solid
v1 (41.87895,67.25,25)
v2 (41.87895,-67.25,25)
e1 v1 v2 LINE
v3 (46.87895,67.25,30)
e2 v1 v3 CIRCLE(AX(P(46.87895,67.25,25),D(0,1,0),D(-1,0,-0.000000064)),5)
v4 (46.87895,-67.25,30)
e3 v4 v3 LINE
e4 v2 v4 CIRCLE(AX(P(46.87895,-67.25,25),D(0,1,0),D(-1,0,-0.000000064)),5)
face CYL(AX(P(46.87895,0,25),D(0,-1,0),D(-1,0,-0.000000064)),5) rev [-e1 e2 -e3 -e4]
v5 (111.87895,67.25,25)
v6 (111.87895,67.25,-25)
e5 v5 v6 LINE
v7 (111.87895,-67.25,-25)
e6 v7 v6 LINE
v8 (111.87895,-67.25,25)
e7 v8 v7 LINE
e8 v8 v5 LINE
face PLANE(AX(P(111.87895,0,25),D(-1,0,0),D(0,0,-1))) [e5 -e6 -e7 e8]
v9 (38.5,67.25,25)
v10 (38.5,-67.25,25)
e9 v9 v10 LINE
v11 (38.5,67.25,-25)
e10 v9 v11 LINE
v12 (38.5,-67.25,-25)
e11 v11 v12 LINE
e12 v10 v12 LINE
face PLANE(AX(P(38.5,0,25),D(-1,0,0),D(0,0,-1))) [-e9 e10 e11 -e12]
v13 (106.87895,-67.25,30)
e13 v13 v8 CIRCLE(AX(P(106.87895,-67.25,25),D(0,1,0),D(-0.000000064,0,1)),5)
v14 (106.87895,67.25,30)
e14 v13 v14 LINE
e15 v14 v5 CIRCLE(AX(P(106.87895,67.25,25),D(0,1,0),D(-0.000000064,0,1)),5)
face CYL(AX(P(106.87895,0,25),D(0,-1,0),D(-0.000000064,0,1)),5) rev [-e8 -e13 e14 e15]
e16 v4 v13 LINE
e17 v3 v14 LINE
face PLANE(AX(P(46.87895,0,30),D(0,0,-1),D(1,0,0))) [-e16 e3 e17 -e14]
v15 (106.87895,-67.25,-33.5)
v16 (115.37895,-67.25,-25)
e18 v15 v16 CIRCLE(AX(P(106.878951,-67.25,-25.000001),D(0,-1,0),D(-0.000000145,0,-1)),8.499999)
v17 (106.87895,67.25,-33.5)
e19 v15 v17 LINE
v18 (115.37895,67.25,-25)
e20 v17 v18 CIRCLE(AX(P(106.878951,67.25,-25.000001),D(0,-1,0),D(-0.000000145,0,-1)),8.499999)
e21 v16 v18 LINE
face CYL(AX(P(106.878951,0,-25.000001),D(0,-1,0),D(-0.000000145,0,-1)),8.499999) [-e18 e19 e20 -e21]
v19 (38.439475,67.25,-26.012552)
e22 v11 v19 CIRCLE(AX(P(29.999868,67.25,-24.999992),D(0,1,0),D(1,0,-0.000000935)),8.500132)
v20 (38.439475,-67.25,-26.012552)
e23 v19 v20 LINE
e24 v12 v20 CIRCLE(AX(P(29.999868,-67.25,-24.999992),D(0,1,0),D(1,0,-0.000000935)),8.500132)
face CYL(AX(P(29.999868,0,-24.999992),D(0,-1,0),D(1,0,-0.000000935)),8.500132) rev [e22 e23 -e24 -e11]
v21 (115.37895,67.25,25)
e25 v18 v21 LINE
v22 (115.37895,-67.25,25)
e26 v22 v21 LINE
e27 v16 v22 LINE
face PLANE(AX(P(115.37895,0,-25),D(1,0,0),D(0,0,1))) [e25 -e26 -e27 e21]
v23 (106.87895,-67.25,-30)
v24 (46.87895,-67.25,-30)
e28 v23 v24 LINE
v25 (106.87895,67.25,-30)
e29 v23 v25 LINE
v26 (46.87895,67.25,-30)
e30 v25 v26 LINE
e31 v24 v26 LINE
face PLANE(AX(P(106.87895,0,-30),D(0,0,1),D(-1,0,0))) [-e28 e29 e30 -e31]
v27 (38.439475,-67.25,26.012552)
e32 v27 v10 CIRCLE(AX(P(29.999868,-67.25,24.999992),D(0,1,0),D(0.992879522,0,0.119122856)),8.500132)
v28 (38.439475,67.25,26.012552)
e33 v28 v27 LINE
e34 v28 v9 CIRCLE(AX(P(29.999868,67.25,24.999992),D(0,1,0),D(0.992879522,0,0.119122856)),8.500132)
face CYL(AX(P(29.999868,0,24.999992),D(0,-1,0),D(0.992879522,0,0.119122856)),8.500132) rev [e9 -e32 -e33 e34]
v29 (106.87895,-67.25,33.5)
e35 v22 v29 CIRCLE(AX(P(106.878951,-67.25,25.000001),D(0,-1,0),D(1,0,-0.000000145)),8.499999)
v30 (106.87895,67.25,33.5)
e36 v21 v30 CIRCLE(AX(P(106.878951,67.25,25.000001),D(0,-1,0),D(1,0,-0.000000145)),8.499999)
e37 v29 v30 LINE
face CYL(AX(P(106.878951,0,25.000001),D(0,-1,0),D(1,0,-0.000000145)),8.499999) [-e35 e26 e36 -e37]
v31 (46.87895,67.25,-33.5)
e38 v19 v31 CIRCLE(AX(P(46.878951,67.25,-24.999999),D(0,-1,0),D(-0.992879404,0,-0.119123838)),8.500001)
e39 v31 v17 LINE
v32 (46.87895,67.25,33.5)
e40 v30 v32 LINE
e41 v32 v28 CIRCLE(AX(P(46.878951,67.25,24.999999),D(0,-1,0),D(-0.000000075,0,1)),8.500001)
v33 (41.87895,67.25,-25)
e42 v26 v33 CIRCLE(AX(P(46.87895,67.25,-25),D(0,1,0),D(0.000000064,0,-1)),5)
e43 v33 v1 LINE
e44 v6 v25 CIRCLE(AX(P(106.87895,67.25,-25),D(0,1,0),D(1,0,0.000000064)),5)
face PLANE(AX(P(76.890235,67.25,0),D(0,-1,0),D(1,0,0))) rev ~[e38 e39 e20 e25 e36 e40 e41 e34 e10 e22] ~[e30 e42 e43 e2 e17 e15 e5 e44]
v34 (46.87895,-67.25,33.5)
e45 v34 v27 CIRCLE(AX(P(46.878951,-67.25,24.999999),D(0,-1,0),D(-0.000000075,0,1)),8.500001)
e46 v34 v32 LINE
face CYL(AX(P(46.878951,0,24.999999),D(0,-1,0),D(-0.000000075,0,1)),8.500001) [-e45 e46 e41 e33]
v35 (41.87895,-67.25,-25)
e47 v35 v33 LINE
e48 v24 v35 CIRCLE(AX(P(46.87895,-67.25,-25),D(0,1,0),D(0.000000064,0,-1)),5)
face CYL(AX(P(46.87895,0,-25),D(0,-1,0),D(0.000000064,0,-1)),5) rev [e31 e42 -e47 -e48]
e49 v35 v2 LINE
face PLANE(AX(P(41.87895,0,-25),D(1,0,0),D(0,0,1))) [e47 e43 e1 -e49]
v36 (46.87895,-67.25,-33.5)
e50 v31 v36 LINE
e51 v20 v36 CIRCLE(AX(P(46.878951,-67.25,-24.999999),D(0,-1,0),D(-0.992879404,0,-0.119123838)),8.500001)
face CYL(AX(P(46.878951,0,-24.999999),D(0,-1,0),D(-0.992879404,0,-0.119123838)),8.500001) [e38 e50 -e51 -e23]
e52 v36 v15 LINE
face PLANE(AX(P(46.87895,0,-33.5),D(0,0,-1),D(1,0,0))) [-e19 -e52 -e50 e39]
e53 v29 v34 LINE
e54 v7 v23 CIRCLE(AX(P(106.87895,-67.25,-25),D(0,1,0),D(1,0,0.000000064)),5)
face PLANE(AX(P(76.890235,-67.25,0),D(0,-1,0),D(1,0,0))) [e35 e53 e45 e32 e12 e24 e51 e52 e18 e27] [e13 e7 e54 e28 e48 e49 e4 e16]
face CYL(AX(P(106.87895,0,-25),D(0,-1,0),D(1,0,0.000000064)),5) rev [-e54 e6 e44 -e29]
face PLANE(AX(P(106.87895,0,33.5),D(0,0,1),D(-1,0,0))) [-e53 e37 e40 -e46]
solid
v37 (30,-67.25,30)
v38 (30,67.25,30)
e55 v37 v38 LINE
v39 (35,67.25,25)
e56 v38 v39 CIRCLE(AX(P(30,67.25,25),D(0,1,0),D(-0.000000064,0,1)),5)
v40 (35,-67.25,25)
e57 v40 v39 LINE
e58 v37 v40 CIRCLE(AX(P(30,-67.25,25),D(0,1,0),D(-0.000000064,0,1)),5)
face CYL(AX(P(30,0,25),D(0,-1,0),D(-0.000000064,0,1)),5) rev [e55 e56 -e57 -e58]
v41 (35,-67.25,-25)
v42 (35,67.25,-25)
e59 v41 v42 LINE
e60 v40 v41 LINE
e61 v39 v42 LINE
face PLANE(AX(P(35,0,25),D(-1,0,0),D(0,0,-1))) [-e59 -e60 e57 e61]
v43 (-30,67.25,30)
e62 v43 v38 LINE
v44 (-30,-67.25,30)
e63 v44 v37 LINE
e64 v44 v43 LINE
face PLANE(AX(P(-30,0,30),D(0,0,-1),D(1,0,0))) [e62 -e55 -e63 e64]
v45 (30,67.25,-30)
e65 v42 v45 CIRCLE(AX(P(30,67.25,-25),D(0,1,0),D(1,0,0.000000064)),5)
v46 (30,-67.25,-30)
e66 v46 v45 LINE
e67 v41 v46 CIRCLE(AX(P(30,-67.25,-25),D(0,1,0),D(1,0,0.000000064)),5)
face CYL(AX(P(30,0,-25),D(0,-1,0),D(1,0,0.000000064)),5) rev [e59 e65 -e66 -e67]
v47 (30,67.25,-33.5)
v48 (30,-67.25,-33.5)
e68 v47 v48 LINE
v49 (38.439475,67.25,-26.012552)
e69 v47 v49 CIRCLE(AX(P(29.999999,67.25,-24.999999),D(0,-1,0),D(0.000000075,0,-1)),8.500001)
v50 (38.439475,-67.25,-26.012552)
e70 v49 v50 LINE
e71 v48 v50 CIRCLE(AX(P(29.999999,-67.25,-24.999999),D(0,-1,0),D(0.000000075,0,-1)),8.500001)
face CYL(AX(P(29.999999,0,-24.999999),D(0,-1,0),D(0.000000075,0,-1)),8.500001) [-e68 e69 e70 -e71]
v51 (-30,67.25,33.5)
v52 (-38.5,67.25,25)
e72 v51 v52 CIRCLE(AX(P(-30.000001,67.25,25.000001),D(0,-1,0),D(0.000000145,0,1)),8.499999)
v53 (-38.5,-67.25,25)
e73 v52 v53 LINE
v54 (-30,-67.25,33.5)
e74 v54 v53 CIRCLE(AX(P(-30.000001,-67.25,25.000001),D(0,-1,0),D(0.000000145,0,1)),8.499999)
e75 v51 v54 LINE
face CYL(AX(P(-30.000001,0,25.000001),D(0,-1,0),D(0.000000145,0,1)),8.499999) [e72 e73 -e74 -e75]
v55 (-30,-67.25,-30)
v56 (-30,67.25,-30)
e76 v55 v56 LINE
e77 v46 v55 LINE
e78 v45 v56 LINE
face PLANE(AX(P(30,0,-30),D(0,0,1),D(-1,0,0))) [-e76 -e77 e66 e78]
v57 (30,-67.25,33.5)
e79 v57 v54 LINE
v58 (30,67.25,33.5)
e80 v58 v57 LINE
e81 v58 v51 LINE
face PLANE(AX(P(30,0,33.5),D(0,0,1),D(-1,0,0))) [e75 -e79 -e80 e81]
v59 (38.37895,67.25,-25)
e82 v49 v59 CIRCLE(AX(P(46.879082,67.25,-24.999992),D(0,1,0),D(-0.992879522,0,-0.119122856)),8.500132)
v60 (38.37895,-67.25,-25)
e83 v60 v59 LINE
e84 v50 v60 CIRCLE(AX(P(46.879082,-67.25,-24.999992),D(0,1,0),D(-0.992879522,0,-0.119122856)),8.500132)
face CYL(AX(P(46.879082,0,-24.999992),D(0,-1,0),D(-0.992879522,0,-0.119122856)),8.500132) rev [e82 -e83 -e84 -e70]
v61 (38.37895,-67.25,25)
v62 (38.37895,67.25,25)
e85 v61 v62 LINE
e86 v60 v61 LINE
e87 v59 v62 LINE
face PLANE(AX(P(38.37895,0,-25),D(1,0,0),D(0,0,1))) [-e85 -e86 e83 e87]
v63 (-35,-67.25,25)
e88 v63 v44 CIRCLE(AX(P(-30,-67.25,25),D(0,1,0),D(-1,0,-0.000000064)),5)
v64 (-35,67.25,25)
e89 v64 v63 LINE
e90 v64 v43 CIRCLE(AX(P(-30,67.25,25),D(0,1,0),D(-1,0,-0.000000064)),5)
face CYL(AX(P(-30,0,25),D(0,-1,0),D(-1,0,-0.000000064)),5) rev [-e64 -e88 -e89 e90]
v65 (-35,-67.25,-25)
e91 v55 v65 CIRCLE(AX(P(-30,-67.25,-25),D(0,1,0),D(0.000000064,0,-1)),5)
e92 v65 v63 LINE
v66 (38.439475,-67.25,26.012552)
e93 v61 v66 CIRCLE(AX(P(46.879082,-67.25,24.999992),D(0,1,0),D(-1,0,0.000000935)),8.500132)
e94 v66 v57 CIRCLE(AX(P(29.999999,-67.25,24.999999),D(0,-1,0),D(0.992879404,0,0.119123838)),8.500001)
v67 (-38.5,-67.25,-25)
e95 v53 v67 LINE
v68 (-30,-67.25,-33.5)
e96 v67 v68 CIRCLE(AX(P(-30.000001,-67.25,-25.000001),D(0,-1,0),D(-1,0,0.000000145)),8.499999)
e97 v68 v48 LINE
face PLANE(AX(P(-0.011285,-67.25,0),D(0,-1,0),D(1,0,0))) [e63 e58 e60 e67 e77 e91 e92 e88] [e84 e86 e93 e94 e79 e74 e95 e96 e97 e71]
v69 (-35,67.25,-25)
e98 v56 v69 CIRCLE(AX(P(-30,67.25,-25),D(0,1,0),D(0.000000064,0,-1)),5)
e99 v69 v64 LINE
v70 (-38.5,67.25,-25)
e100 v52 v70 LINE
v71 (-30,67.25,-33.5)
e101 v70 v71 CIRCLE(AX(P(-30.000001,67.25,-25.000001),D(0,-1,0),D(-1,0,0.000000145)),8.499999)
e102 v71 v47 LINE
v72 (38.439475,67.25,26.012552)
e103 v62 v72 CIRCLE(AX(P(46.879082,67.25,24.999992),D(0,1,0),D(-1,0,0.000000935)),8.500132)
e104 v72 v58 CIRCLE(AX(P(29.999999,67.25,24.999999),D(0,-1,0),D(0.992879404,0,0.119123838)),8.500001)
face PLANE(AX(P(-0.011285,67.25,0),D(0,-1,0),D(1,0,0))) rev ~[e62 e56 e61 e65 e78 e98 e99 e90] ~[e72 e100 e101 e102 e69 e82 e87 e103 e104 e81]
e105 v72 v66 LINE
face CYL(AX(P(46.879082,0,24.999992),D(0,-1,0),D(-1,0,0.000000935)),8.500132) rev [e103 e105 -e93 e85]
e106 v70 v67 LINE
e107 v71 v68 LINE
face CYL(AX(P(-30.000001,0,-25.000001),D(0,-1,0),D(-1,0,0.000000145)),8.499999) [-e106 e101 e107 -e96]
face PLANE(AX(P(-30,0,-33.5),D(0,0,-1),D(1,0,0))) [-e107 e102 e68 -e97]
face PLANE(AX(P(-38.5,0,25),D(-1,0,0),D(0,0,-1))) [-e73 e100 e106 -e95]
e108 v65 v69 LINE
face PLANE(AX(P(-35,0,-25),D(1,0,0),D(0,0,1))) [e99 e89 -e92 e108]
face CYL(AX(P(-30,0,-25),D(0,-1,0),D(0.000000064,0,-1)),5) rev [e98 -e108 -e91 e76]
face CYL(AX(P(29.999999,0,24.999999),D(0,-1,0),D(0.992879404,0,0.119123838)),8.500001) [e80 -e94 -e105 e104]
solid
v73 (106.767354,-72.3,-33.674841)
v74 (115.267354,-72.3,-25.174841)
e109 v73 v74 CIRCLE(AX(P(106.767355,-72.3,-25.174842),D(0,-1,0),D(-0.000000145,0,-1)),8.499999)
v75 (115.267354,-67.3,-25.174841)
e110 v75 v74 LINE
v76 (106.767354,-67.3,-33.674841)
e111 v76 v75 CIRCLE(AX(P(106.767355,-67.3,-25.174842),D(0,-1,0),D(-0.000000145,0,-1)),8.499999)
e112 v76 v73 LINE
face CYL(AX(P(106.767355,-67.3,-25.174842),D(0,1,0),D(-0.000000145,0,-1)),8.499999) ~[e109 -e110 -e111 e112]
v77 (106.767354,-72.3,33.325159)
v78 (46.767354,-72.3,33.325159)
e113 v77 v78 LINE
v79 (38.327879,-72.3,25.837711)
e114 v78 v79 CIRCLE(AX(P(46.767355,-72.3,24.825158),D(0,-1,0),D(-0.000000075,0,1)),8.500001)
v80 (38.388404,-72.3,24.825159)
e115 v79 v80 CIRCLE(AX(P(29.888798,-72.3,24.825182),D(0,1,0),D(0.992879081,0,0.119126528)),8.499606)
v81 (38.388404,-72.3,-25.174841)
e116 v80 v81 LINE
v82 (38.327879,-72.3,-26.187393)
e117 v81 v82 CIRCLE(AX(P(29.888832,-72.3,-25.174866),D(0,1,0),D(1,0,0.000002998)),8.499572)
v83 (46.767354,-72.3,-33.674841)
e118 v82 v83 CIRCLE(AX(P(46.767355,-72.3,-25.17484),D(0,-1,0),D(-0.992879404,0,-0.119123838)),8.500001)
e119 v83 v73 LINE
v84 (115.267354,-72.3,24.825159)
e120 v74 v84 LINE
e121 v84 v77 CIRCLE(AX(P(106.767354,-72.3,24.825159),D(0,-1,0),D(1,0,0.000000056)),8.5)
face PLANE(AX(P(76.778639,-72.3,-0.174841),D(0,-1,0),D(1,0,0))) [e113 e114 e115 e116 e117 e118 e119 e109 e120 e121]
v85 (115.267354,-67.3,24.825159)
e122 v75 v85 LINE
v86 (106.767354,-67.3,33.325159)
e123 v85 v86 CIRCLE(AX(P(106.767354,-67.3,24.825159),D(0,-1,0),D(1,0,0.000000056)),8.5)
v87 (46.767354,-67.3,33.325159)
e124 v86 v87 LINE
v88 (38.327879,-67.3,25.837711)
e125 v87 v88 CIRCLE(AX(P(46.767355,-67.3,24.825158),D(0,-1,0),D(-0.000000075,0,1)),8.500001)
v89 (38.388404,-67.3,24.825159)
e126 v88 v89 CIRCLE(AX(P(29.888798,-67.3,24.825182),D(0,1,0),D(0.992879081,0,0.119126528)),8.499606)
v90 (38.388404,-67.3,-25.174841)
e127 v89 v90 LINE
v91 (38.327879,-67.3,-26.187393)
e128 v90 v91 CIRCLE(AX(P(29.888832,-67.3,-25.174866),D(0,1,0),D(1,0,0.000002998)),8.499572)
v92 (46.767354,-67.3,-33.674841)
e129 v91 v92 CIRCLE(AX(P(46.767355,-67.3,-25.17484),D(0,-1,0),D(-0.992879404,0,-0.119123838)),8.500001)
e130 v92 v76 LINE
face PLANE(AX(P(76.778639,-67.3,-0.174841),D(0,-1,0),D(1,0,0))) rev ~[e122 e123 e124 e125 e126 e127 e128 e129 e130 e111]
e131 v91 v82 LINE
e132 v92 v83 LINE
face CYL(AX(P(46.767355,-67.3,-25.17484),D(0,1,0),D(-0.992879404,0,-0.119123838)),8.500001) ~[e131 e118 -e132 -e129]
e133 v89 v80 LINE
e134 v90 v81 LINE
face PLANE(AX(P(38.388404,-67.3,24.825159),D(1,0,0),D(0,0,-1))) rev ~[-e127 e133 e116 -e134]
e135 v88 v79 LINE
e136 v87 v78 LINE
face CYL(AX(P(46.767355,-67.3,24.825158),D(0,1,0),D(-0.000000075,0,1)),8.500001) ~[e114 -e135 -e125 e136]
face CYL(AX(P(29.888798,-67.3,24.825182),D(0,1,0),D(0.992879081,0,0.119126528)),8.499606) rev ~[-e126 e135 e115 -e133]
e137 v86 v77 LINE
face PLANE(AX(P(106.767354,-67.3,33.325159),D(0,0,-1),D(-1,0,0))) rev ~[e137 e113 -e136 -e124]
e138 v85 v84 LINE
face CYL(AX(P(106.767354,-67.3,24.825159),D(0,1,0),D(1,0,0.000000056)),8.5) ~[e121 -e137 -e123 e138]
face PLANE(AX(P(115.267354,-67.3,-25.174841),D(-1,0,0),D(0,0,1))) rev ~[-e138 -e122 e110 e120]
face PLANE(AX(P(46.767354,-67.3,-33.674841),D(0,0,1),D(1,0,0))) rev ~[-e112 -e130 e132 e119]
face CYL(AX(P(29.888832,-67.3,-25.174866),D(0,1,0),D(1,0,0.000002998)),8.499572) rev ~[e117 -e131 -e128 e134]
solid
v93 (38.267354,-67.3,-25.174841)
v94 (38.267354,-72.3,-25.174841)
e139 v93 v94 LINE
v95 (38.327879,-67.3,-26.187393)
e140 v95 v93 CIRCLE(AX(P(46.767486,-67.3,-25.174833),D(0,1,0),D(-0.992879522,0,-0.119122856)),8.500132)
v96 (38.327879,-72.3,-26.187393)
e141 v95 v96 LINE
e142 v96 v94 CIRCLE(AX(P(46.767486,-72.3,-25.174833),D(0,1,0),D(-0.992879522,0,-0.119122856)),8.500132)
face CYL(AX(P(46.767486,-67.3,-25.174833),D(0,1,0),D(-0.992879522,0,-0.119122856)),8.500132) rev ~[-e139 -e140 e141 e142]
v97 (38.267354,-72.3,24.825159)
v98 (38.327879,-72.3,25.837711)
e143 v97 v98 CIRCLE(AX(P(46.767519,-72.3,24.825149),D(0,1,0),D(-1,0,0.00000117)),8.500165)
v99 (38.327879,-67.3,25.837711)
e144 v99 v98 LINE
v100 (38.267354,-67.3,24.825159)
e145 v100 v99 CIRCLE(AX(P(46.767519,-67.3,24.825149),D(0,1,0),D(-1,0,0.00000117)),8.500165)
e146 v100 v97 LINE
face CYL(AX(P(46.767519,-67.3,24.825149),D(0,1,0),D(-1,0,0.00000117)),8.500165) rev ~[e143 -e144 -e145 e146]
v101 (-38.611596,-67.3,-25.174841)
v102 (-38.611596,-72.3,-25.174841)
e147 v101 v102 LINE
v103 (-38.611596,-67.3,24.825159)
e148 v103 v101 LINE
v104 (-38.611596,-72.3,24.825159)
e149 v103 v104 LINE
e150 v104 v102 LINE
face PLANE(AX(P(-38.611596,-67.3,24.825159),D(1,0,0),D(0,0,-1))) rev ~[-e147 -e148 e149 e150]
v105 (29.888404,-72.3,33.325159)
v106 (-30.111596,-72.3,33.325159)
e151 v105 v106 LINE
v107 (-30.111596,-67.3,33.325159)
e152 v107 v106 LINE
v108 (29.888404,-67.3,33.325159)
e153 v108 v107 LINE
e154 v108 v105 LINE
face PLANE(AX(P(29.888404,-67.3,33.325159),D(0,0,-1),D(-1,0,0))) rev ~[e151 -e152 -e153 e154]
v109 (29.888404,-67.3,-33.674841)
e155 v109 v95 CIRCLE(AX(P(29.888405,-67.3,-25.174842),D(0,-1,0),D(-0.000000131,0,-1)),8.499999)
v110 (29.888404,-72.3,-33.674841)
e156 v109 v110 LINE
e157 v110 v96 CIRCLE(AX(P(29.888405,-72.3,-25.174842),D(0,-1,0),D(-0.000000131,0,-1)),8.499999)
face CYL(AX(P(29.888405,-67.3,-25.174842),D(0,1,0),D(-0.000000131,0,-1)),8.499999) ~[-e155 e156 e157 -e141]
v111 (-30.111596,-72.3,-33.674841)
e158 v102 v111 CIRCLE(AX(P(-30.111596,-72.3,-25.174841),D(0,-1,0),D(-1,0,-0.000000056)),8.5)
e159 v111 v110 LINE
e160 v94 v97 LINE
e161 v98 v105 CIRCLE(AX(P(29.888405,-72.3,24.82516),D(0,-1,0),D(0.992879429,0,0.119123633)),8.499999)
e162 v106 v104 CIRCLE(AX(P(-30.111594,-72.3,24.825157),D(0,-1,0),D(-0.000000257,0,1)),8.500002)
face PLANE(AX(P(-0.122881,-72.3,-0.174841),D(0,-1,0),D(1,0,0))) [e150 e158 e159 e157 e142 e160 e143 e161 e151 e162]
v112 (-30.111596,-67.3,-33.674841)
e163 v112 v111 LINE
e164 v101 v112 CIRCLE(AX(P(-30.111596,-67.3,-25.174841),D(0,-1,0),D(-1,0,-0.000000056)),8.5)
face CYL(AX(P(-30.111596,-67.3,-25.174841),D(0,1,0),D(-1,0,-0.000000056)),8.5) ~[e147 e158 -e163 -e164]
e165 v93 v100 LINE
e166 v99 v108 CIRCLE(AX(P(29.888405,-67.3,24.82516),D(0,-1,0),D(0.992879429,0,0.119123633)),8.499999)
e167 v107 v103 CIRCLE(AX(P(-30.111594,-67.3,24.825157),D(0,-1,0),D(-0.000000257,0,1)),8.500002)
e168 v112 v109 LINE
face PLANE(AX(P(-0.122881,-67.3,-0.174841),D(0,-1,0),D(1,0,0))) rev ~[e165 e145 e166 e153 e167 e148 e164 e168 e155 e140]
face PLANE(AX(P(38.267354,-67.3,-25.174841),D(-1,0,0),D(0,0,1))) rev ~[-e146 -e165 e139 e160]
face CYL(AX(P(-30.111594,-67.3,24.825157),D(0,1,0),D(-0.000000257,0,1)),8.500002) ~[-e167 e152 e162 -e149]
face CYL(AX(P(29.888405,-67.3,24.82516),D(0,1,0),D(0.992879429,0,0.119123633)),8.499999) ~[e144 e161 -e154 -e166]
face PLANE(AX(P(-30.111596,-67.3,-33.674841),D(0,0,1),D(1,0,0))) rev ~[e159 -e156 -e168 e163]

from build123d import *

# Parameters (mm, degrees)
F1_DEPTH = 67.25
F4_DEPTH = 5


with BuildPart() as f1:
    # F0 (on Front) → F1 (new body, symmetric)
    with BuildSketch(Plane.XZ):
        with BuildLine():
            Line((30, 33.5), (-30, 33.5))
            ThreePointArc((-30, 33.5), (-36.010408, 31.010408), (-38.5, 25))
            Line((-38.5, 25), (-38.5, -25))
            ThreePointArc((-38.5, -25), (-36.010408, -31.010408), (-30, -33.5))
            Line((-30, -33.5), (30, -33.5))
            ThreePointArc((30, -33.5), (35.641068, -31.358329), (38.439475, -26.012552))
            ThreePointArc((38.439475, -26.012552), (38.394095, -25.50718), (38.37895, -25))
            Line((38.37895, -25), (38.37895, 25))
            ThreePointArc((38.37895, 25), (38.394095, 25.50718), (38.439475, 26.012552))
            ThreePointArc((38.439475, 26.012552), (35.641068, 31.358329), (30, 33.5))
        make_face()
        with BuildLine():
            ThreePointArc((-35, 25), (-33.535534, 28.535534), (-30, 30))
            Line((-30, 30), (30, 30))
            ThreePointArc((30, 30), (33.535534, 28.535534), (35, 25))
            Line((35, 25), (35, -25))
            ThreePointArc((35, -25), (33.535534, -28.535534), (30, -30))
            Line((30, -30), (-30, -30))
            ThreePointArc((-30, -30), (-33.535534, -28.535534), (-35, -25))
            Line((-35, -25), (-35, 25))
        make_face(mode=Mode.SUBTRACT)
        with BuildLine():
            ThreePointArc((46.87895, 33.5), (41.237882, 31.358329), (38.439475, 26.012552))
            ThreePointArc((38.439475, 26.012552), (38.484855, 25.50718), (38.5, 25))
            Line((38.5, 25), (38.5, -25))
            ThreePointArc((38.5, -25), (38.484855, -25.50718), (38.439475, -26.012552))
            ThreePointArc((38.439475, -26.012552), (41.237882, -31.358329), (46.87895, -33.5))
            Line((46.87895, -33.5), (106.87895, -33.5))
            ThreePointArc((106.87895, -33.5), (112.889358, -31.010408), (115.37895, -25))
            Line((115.37895, -25), (115.37895, 25))
            ThreePointArc((115.37895, 25), (112.889358, 31.010408), (106.87895, 33.5))
            Line((106.87895, 33.5), (46.87895, 33.5))
        make_face()
        with BuildLine():
            ThreePointArc((41.87895, 25), (43.343416, 28.535534), (46.87895, 30))
            Line((46.87895, 30), (106.87895, 30))
            ThreePointArc((106.87895, 30), (110.414484, 28.535534), (111.87895, 25))
            Line((111.87895, 25), (111.87895, -25))
            ThreePointArc((111.87895, -25), (110.414484, -28.535534), (106.87895, -30))
            Line((106.87895, -30), (46.87895, -30))
            ThreePointArc((46.87895, -30), (43.343416, -28.535534), (41.87895, -25))
            Line((41.87895, -25), (41.87895, 25))
        make_face(mode=Mode.SUBTRACT)
    extrude(amount=F1_DEPTH, both=True)


with BuildPart() as f4:
    # F3 (on offset) → F4 (new body)
    with BuildSketch(Plane.XZ.offset(67.3)):
        with BuildLine():
            Line((29.888404, 33.325159), (-30.111596, 33.325159))
            ThreePointArc((-30.111596, 33.325159), (-36.122003, 30.835566), (-38.611596, 24.825159))
            Line((-38.611596, 24.825159), (-38.611596, -25.174841))
            ThreePointArc((-38.611596, -25.174841), (-36.122003, -31.185249), (-30.111596, -33.674841))
            Line((-30.111596, -33.674841), (29.888404, -33.674841))
            ThreePointArc((29.888404, -33.674841), (35.529473, -31.53317), (38.327879, -26.187393))
            ThreePointArc((38.327879, -26.187393), (38.282499, -25.682021), (38.267354, -25.174841))
            Line((38.267354, -25.174841), (38.267354, 24.825159))
            ThreePointArc((38.267354, 24.825159), (38.282499, 25.332338), (38.327879, 25.837711))
            ThreePointArc((38.327879, 25.837711), (35.529473, 31.183488), (29.888404, 33.325159))
        make_face()
        with BuildLine():
            ThreePointArc((46.767354, 33.325159), (41.126286, 31.183488), (38.327879, 25.837711))
            ThreePointArc((38.327879, 25.837711), (38.37326, 25.332338), (38.388404, 24.825159))
            Line((38.388404, 24.825159), (38.388404, -25.174841))
            ThreePointArc((38.388404, -25.174841), (38.37326, -25.682021), (38.327879, -26.187393))
            ThreePointArc((38.327879, -26.187393), (41.126286, -31.53317), (46.767354, -33.674841))
            Line((46.767354, -33.674841), (106.767354, -33.674841))
            ThreePointArc((106.767354, -33.674841), (112.777762, -31.185249), (115.267354, -25.174841))
            Line((115.267354, -25.174841), (115.267354, 24.825159))
            ThreePointArc((115.267354, 24.825159), (112.777762, 30.835566), (106.767354, 33.325159))
            Line((106.767354, 33.325159), (46.767354, 33.325159))
        make_face()
    extrude(amount=F4_DEPTH)


solid = Compound([f1.part, f4.part])
